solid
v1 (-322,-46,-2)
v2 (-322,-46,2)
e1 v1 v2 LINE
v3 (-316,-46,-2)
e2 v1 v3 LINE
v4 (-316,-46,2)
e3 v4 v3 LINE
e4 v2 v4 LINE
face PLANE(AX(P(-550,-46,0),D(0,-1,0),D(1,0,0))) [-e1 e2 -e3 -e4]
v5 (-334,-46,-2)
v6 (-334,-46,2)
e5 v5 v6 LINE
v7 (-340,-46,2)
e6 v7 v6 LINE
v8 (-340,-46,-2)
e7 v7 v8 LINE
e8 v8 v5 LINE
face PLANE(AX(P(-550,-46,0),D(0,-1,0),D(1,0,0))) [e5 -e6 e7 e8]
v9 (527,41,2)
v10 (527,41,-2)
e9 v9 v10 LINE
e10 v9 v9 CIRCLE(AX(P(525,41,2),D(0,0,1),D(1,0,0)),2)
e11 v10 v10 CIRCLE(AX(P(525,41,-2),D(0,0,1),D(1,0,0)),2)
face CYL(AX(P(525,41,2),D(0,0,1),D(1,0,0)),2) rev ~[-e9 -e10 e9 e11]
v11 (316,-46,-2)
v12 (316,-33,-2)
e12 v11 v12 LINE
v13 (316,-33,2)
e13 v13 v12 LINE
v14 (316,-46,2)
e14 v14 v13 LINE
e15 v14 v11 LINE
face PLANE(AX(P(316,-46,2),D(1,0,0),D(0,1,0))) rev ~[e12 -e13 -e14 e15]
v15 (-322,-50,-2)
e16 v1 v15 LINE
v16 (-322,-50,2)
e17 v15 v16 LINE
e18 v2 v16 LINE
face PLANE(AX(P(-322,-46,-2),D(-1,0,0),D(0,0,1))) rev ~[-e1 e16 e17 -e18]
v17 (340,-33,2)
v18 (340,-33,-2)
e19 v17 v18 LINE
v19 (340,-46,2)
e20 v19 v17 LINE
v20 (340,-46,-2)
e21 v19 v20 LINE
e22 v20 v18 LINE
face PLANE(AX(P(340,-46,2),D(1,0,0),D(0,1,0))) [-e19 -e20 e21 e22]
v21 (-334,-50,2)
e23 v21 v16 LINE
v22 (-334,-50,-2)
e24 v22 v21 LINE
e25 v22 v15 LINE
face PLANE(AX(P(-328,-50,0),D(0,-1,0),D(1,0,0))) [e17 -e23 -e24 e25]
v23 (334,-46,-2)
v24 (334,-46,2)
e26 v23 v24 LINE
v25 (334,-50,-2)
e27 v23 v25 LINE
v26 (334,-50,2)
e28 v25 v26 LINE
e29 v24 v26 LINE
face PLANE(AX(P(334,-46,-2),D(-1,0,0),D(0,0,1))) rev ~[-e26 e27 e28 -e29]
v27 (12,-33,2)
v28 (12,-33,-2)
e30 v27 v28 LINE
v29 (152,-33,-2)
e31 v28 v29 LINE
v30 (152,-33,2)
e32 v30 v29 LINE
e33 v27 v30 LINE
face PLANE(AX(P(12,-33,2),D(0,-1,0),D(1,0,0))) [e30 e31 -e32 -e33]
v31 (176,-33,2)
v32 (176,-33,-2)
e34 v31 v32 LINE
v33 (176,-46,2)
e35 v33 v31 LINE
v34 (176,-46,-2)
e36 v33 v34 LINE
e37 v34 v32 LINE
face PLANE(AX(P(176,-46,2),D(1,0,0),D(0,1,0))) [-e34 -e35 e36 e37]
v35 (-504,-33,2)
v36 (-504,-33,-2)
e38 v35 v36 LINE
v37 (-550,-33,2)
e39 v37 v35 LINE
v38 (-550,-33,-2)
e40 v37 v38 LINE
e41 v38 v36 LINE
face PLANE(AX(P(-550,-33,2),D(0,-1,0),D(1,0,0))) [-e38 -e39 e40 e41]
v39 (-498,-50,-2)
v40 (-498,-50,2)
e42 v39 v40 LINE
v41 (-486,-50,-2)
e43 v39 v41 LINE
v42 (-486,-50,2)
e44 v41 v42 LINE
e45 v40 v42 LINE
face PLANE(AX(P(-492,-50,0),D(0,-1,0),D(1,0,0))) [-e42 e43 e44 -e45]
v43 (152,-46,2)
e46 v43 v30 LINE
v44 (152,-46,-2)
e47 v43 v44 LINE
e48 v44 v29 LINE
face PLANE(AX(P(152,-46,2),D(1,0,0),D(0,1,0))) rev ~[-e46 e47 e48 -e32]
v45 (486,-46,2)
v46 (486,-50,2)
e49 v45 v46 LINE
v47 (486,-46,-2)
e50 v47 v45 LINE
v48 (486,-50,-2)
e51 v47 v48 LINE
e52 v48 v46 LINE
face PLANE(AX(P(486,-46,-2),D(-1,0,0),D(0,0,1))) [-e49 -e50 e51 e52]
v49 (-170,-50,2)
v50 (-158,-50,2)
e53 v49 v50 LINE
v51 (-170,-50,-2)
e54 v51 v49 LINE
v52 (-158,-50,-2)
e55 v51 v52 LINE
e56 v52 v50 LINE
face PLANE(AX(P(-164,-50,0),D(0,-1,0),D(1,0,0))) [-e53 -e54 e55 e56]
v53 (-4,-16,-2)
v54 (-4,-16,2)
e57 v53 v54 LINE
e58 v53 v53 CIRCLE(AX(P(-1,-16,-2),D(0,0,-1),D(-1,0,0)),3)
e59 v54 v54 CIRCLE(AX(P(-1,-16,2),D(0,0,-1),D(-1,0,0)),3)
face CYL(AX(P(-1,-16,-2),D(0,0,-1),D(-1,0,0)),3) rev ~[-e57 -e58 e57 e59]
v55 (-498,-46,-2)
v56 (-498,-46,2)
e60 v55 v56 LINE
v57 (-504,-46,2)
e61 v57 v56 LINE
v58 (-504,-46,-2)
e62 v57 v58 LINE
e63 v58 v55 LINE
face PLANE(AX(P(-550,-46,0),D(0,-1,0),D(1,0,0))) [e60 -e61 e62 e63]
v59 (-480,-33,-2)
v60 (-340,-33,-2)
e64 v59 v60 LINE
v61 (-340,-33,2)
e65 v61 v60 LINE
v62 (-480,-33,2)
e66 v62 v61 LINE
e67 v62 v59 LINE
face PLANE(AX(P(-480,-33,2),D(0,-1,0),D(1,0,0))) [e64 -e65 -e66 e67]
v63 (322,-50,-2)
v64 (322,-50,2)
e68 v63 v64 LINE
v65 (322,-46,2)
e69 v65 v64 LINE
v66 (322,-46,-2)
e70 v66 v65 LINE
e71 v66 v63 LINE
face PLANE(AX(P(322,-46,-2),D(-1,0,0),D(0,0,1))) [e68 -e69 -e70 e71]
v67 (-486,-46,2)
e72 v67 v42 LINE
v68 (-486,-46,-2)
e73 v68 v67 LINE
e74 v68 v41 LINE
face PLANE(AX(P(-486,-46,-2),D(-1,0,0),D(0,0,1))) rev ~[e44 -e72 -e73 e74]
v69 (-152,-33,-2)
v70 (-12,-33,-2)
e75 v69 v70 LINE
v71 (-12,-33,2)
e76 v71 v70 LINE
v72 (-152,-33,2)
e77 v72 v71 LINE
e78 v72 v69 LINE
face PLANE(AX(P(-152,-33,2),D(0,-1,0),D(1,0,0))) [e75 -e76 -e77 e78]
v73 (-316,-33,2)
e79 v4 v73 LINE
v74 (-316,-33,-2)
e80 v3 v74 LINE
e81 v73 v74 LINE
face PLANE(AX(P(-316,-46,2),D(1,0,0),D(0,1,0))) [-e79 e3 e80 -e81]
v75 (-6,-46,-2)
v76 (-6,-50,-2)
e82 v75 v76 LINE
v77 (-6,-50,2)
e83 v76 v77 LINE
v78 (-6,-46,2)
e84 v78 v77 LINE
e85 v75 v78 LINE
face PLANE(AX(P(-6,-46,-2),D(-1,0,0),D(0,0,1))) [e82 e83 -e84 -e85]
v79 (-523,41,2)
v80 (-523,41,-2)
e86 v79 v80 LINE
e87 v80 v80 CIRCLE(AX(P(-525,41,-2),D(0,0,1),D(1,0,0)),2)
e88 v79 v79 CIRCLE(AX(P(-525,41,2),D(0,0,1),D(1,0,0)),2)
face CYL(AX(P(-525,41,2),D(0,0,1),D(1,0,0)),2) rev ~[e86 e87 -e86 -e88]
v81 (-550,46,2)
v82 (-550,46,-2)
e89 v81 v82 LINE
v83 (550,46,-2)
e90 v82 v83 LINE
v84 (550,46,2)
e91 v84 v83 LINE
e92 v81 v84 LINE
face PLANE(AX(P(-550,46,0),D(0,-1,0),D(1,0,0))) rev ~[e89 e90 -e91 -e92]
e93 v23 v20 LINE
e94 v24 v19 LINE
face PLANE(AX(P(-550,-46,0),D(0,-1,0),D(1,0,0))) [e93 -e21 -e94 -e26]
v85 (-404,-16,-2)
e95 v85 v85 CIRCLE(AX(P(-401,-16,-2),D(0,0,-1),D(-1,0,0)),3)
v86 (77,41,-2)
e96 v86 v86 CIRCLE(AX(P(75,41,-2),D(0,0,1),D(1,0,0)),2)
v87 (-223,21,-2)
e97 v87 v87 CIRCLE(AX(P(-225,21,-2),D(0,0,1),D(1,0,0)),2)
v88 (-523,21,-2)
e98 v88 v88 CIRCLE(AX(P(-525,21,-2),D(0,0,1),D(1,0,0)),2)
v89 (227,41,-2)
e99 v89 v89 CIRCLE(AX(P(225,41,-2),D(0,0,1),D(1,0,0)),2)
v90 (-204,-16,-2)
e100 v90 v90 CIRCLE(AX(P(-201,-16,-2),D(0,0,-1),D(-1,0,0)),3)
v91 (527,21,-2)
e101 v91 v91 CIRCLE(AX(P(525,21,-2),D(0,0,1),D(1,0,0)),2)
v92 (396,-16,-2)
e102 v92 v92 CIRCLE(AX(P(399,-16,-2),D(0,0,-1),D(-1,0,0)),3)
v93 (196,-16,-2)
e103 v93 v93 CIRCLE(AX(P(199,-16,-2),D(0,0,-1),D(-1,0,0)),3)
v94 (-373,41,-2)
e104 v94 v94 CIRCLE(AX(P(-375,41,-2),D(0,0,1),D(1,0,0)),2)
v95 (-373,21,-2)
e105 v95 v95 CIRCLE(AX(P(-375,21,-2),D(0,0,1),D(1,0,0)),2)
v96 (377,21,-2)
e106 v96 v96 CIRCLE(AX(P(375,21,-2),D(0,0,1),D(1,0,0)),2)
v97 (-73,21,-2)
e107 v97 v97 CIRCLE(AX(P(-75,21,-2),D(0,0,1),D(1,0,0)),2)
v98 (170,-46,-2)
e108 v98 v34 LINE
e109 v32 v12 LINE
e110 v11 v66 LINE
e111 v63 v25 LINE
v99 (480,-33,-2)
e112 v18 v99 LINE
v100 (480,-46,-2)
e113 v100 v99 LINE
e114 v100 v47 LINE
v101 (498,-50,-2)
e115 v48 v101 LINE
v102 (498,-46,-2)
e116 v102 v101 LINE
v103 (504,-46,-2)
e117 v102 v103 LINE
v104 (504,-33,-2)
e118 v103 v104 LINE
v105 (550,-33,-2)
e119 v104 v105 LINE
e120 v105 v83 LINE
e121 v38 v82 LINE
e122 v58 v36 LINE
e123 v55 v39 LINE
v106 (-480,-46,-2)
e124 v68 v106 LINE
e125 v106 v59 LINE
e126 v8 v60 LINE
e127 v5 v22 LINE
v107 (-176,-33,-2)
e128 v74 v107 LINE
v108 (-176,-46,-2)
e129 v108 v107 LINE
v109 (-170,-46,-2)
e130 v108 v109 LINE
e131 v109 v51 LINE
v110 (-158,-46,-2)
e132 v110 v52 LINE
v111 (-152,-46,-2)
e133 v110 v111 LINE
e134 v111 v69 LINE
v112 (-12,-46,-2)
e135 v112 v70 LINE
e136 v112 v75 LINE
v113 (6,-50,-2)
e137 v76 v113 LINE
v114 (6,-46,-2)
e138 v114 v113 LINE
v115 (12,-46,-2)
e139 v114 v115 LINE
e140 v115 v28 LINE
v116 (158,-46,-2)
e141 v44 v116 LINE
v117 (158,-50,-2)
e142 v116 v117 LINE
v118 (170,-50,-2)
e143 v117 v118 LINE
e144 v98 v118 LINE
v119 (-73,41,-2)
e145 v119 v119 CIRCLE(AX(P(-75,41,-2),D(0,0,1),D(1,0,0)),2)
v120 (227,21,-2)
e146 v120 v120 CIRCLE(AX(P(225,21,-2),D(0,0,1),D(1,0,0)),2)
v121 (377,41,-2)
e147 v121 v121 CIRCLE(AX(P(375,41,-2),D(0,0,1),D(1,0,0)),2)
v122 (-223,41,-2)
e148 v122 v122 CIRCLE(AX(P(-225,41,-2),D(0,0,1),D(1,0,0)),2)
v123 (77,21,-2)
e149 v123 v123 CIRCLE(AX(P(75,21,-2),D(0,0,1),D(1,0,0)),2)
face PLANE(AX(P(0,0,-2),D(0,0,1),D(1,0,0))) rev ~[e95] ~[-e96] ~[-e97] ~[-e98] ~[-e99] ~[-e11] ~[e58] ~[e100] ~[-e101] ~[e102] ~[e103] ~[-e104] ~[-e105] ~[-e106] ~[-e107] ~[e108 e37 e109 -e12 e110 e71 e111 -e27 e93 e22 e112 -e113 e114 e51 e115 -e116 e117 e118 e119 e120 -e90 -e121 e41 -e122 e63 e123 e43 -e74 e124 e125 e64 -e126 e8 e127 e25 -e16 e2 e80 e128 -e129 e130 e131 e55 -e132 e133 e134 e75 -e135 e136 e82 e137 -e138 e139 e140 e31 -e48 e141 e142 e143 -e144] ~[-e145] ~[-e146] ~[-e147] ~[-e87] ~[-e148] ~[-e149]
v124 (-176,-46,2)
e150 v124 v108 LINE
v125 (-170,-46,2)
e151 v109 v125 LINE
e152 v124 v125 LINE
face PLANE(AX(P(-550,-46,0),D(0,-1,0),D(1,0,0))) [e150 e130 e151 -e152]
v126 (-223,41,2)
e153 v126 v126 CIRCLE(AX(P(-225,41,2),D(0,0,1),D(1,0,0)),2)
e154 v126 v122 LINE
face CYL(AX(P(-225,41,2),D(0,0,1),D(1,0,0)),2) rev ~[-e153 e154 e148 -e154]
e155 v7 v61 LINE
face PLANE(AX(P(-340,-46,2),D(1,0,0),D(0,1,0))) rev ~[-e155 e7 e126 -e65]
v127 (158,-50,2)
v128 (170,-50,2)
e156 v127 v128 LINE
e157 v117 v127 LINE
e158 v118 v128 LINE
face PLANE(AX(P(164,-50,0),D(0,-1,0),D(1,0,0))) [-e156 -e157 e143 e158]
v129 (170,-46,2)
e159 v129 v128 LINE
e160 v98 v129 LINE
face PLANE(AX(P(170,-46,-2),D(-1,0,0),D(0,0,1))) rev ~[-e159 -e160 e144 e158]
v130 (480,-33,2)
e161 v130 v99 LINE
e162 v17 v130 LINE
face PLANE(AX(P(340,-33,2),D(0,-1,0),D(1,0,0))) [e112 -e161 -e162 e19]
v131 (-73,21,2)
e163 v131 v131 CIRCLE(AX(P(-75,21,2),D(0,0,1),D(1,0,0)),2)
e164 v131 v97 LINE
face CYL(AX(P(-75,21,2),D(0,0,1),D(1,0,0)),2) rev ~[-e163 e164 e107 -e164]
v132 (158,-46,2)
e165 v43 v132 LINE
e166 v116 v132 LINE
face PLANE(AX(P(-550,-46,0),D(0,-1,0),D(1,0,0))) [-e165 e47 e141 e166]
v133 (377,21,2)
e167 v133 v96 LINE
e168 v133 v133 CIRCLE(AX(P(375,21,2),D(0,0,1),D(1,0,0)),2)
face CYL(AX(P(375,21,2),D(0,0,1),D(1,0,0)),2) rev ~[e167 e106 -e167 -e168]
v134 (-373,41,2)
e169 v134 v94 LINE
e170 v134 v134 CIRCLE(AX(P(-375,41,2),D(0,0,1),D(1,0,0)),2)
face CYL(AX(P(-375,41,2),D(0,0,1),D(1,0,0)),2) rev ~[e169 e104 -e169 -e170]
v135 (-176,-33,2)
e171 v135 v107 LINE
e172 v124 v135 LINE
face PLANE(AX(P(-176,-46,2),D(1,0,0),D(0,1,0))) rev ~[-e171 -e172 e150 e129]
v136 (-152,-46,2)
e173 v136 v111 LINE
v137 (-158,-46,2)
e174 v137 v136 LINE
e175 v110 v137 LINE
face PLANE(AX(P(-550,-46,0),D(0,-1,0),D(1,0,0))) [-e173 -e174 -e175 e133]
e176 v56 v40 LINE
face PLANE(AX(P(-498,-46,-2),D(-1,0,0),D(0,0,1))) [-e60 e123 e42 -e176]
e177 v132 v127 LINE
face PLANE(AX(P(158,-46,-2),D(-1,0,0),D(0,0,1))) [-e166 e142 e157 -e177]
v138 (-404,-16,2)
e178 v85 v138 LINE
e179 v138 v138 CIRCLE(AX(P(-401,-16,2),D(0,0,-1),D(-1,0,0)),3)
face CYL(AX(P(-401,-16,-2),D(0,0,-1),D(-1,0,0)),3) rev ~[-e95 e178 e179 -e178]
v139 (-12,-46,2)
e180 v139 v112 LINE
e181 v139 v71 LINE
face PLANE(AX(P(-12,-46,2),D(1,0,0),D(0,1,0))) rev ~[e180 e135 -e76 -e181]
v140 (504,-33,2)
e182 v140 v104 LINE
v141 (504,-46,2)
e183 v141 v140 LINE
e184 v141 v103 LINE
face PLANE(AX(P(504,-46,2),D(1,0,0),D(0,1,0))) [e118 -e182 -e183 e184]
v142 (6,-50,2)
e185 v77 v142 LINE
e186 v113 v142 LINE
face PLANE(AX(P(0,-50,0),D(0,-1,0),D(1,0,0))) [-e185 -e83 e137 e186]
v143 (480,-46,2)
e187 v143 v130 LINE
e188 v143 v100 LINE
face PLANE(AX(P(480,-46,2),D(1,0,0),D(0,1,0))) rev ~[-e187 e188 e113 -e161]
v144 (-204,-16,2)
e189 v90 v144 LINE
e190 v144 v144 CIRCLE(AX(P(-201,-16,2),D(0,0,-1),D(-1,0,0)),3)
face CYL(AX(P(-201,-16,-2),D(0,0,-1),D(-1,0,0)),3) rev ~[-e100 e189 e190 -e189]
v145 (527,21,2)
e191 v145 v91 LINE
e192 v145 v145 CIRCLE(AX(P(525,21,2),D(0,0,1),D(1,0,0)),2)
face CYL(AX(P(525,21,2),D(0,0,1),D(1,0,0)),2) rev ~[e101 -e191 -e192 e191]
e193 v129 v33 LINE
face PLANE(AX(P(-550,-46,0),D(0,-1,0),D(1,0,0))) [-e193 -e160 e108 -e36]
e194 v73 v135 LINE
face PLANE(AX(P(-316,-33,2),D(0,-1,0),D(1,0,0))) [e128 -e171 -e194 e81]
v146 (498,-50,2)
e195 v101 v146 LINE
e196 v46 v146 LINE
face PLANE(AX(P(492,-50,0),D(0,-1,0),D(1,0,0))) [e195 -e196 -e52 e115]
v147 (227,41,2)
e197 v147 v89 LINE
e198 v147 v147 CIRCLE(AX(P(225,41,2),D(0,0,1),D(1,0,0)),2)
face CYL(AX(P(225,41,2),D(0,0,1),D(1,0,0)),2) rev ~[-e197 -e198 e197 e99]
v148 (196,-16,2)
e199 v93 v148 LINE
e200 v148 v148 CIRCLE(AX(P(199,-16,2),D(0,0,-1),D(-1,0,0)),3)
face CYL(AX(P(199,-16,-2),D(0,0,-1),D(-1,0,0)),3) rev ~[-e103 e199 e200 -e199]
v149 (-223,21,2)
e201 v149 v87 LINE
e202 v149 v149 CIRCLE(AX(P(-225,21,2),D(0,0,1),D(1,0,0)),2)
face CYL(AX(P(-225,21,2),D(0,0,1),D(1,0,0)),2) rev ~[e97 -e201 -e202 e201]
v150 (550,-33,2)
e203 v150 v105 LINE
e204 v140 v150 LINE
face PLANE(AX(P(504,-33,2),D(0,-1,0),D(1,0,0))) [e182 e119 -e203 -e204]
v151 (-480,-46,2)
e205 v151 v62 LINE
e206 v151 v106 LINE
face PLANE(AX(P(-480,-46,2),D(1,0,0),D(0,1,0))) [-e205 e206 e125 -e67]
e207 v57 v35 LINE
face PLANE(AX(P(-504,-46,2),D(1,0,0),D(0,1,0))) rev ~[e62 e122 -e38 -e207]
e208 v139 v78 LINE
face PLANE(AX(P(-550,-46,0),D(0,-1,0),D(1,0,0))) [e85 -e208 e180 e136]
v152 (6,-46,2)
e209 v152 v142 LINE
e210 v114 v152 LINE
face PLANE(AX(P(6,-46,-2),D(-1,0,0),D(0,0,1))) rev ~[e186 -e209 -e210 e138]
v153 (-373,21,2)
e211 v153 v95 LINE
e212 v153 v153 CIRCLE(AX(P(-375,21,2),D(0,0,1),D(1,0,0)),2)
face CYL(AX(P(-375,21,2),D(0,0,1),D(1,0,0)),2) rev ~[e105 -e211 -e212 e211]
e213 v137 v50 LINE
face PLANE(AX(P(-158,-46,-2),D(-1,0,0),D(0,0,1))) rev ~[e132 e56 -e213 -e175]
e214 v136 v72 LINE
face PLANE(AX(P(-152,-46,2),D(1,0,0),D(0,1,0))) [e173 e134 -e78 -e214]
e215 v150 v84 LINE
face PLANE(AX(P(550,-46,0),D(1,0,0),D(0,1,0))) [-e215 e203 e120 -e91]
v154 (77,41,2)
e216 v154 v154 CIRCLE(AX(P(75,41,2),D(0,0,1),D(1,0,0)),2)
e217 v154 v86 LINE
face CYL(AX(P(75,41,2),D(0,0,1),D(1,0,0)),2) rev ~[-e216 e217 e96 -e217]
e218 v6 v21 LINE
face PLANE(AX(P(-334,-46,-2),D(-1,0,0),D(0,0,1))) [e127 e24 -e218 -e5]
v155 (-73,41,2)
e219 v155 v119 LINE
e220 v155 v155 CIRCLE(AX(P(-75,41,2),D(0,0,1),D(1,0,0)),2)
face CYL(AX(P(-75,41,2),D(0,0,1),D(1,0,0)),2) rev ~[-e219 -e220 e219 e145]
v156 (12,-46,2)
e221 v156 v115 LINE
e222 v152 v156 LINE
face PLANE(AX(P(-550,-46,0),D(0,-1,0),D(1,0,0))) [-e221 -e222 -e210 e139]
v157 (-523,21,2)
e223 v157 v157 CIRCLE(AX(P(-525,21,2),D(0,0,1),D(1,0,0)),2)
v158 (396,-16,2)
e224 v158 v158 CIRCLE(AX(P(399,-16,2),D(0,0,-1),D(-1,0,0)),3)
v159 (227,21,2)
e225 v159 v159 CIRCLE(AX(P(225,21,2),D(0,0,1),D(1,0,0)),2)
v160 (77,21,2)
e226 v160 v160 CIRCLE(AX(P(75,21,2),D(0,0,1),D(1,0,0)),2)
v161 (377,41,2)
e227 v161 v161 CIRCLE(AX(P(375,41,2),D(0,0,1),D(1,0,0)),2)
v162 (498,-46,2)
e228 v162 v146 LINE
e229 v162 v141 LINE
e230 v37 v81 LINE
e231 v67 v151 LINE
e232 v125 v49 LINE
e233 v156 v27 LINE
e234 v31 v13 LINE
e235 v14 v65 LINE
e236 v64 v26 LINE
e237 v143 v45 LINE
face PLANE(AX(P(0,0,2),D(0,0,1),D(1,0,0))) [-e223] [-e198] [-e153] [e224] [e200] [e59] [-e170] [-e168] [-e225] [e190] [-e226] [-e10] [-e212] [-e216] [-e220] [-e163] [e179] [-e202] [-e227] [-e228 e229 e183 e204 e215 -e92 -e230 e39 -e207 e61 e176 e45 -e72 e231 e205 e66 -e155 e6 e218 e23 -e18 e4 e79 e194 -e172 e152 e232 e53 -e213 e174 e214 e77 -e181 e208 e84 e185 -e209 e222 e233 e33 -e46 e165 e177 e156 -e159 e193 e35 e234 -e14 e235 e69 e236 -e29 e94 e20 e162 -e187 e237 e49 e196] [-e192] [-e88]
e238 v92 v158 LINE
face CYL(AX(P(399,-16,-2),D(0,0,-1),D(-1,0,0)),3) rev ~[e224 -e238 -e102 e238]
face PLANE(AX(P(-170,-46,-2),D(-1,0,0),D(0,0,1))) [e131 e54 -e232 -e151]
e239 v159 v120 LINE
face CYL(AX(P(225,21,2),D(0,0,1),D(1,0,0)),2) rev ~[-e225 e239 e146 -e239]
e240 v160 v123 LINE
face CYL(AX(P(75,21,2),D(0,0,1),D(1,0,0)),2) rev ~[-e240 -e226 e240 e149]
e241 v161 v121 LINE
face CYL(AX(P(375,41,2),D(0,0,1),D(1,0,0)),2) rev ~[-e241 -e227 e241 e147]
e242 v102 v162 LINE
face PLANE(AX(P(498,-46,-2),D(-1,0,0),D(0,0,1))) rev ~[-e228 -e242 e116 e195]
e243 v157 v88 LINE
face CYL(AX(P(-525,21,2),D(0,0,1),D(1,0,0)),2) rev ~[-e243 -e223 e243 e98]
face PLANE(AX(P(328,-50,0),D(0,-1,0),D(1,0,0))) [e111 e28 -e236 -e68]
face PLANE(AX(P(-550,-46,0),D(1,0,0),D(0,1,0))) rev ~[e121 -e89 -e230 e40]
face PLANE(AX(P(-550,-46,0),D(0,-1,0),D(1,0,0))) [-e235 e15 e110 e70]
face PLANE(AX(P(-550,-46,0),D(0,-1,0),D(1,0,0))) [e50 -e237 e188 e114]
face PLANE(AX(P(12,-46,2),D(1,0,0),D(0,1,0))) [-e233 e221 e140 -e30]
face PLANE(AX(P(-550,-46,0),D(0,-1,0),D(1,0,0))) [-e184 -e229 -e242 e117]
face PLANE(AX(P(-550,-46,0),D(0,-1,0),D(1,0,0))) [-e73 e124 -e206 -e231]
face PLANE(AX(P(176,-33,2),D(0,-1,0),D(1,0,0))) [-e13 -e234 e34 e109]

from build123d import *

# Parameters (mm, degrees)
SKETCH_1_W             = 1100
SKETCH_1_H             = 92
EXTRUDE_1_DEPTH        = 2
SKETCH_2_W             = 46
SKETCH_2_H             = 13
SKETCH_2_W_2           = 140
CUT_EXTRUDE_1_DEPTH    = 552.934778756
SKETCH_3_R             = 2
CUT_EXTRUDE_2_DEPTH    = 552.934778756
PATTERN_LINEAR_1_COUNT = 8
PATTERN_LINEAR_1_PITCH = 150
SKETCH_4_R             = 3
CUT_EXTRUDE_3_DEPTH    = 552.934778756
PATTERN_LINEAR_2_COUNT = 5
PATTERN_LINEAR_2_PITCH = 200
SKETCH_5_W             = 12
SKETCH_5_H             = 4
EXTRUDE_2_DEPTH        = 4


with BuildPart() as part:
    # Эскиз1 → Бобышка-Вытянуть1 (new, symmetric)
    with BuildSketch(Plane.XY):
        Rectangle(SKETCH_1_W, SKETCH_1_H)
    extrude(amount=EXTRUDE_1_DEPTH, both=True)

    # Эскиз2 → Вырез-Вытянуть1 (cut, through all)
    with BuildSketch(Plane.XY.offset(2)):
        with Locations((-527, -39.5)):
            Rectangle(SKETCH_2_W, SKETCH_2_H)
        with Locations((527, -39.5)):
            Rectangle(SKETCH_2_W, SKETCH_2_H)
        with Locations((-410, -39.5)):
            Rectangle(SKETCH_2_W_2, SKETCH_2_H)
        with Locations((-246, -39.5)):
            Rectangle(SKETCH_2_W_2, SKETCH_2_H)
        with Locations((-82, -39.5)):
            Rectangle(SKETCH_2_W_2, SKETCH_2_H)
        with Locations((82, -39.5)):
            Rectangle(SKETCH_2_W_2, SKETCH_2_H)
        with Locations((246, -39.5)):
            Rectangle(SKETCH_2_W_2, SKETCH_2_H)
        with Locations((410, -39.5)):
            Rectangle(SKETCH_2_W_2, SKETCH_2_H)
    extrude(amount=-CUT_EXTRUDE_1_DEPTH, mode=Mode.SUBTRACT)

    # Эскиз3 → Вырез-Вытянуть2 (cut, through all)
    with BuildSketch(Plane.XY.offset(2)):
        with Locations((-525, 41)):
            Circle(SKETCH_3_R)
        with Locations((-525, 21)):
            Circle(SKETCH_3_R)
    cut_extrude_2 = extrude(amount=-CUT_EXTRUDE_2_DEPTH, mode=Mode.SUBTRACT)

    # Линейный массив1: Вырез-Вытянуть2 ×8
    with Locations(*[(i * PATTERN_LINEAR_1_PITCH, 0, 0) for i in range(1, PATTERN_LINEAR_1_COUNT)]):
        add(cut_extrude_2, mode=Mode.SUBTRACT)

    # Эскиз4 → Вырез-Вытянуть3 (cut, through all)
    with BuildSketch(Plane(origin=(0, 0, -2), x_dir=(-1, 0, 0), z_dir=(0, 0, -1))):
        with Locations((-399, -16)):
            Circle(SKETCH_4_R)
    cut_extrude_3 = extrude(amount=-CUT_EXTRUDE_3_DEPTH, mode=Mode.SUBTRACT)

    # Линейный массив2: Вырез-Вытянуть3 ×5
    with Locations(*[(-i * PATTERN_LINEAR_2_PITCH, 0, 0) for i in range(1, PATTERN_LINEAR_2_COUNT)]):
        add(cut_extrude_3, mode=Mode.SUBTRACT)

    # Эскиз5 → Бобышка-Вытянуть2 (add)
    with BuildSketch(Plane.XZ.offset(46)):
        with Locations((492, 0)):
            Rectangle(SKETCH_5_W, SKETCH_5_H)
        with Locations((328, 0)):
            Rectangle(SKETCH_5_W, SKETCH_5_H)
        with Locations((164, 0)):
            Rectangle(SKETCH_5_W, SKETCH_5_H)
        Rectangle(SKETCH_5_W, SKETCH_5_H)
        with Locations((-492, 0)):
            Rectangle(SKETCH_5_W, SKETCH_5_H)
        with Locations((-328, 0)):
            Rectangle(SKETCH_5_W, SKETCH_5_H)
        with Locations((-164, 0)):
            Rectangle(SKETCH_5_W, SKETCH_5_H)
    extrude(amount=EXTRUDE_2_DEPTH)


solid = part.part
